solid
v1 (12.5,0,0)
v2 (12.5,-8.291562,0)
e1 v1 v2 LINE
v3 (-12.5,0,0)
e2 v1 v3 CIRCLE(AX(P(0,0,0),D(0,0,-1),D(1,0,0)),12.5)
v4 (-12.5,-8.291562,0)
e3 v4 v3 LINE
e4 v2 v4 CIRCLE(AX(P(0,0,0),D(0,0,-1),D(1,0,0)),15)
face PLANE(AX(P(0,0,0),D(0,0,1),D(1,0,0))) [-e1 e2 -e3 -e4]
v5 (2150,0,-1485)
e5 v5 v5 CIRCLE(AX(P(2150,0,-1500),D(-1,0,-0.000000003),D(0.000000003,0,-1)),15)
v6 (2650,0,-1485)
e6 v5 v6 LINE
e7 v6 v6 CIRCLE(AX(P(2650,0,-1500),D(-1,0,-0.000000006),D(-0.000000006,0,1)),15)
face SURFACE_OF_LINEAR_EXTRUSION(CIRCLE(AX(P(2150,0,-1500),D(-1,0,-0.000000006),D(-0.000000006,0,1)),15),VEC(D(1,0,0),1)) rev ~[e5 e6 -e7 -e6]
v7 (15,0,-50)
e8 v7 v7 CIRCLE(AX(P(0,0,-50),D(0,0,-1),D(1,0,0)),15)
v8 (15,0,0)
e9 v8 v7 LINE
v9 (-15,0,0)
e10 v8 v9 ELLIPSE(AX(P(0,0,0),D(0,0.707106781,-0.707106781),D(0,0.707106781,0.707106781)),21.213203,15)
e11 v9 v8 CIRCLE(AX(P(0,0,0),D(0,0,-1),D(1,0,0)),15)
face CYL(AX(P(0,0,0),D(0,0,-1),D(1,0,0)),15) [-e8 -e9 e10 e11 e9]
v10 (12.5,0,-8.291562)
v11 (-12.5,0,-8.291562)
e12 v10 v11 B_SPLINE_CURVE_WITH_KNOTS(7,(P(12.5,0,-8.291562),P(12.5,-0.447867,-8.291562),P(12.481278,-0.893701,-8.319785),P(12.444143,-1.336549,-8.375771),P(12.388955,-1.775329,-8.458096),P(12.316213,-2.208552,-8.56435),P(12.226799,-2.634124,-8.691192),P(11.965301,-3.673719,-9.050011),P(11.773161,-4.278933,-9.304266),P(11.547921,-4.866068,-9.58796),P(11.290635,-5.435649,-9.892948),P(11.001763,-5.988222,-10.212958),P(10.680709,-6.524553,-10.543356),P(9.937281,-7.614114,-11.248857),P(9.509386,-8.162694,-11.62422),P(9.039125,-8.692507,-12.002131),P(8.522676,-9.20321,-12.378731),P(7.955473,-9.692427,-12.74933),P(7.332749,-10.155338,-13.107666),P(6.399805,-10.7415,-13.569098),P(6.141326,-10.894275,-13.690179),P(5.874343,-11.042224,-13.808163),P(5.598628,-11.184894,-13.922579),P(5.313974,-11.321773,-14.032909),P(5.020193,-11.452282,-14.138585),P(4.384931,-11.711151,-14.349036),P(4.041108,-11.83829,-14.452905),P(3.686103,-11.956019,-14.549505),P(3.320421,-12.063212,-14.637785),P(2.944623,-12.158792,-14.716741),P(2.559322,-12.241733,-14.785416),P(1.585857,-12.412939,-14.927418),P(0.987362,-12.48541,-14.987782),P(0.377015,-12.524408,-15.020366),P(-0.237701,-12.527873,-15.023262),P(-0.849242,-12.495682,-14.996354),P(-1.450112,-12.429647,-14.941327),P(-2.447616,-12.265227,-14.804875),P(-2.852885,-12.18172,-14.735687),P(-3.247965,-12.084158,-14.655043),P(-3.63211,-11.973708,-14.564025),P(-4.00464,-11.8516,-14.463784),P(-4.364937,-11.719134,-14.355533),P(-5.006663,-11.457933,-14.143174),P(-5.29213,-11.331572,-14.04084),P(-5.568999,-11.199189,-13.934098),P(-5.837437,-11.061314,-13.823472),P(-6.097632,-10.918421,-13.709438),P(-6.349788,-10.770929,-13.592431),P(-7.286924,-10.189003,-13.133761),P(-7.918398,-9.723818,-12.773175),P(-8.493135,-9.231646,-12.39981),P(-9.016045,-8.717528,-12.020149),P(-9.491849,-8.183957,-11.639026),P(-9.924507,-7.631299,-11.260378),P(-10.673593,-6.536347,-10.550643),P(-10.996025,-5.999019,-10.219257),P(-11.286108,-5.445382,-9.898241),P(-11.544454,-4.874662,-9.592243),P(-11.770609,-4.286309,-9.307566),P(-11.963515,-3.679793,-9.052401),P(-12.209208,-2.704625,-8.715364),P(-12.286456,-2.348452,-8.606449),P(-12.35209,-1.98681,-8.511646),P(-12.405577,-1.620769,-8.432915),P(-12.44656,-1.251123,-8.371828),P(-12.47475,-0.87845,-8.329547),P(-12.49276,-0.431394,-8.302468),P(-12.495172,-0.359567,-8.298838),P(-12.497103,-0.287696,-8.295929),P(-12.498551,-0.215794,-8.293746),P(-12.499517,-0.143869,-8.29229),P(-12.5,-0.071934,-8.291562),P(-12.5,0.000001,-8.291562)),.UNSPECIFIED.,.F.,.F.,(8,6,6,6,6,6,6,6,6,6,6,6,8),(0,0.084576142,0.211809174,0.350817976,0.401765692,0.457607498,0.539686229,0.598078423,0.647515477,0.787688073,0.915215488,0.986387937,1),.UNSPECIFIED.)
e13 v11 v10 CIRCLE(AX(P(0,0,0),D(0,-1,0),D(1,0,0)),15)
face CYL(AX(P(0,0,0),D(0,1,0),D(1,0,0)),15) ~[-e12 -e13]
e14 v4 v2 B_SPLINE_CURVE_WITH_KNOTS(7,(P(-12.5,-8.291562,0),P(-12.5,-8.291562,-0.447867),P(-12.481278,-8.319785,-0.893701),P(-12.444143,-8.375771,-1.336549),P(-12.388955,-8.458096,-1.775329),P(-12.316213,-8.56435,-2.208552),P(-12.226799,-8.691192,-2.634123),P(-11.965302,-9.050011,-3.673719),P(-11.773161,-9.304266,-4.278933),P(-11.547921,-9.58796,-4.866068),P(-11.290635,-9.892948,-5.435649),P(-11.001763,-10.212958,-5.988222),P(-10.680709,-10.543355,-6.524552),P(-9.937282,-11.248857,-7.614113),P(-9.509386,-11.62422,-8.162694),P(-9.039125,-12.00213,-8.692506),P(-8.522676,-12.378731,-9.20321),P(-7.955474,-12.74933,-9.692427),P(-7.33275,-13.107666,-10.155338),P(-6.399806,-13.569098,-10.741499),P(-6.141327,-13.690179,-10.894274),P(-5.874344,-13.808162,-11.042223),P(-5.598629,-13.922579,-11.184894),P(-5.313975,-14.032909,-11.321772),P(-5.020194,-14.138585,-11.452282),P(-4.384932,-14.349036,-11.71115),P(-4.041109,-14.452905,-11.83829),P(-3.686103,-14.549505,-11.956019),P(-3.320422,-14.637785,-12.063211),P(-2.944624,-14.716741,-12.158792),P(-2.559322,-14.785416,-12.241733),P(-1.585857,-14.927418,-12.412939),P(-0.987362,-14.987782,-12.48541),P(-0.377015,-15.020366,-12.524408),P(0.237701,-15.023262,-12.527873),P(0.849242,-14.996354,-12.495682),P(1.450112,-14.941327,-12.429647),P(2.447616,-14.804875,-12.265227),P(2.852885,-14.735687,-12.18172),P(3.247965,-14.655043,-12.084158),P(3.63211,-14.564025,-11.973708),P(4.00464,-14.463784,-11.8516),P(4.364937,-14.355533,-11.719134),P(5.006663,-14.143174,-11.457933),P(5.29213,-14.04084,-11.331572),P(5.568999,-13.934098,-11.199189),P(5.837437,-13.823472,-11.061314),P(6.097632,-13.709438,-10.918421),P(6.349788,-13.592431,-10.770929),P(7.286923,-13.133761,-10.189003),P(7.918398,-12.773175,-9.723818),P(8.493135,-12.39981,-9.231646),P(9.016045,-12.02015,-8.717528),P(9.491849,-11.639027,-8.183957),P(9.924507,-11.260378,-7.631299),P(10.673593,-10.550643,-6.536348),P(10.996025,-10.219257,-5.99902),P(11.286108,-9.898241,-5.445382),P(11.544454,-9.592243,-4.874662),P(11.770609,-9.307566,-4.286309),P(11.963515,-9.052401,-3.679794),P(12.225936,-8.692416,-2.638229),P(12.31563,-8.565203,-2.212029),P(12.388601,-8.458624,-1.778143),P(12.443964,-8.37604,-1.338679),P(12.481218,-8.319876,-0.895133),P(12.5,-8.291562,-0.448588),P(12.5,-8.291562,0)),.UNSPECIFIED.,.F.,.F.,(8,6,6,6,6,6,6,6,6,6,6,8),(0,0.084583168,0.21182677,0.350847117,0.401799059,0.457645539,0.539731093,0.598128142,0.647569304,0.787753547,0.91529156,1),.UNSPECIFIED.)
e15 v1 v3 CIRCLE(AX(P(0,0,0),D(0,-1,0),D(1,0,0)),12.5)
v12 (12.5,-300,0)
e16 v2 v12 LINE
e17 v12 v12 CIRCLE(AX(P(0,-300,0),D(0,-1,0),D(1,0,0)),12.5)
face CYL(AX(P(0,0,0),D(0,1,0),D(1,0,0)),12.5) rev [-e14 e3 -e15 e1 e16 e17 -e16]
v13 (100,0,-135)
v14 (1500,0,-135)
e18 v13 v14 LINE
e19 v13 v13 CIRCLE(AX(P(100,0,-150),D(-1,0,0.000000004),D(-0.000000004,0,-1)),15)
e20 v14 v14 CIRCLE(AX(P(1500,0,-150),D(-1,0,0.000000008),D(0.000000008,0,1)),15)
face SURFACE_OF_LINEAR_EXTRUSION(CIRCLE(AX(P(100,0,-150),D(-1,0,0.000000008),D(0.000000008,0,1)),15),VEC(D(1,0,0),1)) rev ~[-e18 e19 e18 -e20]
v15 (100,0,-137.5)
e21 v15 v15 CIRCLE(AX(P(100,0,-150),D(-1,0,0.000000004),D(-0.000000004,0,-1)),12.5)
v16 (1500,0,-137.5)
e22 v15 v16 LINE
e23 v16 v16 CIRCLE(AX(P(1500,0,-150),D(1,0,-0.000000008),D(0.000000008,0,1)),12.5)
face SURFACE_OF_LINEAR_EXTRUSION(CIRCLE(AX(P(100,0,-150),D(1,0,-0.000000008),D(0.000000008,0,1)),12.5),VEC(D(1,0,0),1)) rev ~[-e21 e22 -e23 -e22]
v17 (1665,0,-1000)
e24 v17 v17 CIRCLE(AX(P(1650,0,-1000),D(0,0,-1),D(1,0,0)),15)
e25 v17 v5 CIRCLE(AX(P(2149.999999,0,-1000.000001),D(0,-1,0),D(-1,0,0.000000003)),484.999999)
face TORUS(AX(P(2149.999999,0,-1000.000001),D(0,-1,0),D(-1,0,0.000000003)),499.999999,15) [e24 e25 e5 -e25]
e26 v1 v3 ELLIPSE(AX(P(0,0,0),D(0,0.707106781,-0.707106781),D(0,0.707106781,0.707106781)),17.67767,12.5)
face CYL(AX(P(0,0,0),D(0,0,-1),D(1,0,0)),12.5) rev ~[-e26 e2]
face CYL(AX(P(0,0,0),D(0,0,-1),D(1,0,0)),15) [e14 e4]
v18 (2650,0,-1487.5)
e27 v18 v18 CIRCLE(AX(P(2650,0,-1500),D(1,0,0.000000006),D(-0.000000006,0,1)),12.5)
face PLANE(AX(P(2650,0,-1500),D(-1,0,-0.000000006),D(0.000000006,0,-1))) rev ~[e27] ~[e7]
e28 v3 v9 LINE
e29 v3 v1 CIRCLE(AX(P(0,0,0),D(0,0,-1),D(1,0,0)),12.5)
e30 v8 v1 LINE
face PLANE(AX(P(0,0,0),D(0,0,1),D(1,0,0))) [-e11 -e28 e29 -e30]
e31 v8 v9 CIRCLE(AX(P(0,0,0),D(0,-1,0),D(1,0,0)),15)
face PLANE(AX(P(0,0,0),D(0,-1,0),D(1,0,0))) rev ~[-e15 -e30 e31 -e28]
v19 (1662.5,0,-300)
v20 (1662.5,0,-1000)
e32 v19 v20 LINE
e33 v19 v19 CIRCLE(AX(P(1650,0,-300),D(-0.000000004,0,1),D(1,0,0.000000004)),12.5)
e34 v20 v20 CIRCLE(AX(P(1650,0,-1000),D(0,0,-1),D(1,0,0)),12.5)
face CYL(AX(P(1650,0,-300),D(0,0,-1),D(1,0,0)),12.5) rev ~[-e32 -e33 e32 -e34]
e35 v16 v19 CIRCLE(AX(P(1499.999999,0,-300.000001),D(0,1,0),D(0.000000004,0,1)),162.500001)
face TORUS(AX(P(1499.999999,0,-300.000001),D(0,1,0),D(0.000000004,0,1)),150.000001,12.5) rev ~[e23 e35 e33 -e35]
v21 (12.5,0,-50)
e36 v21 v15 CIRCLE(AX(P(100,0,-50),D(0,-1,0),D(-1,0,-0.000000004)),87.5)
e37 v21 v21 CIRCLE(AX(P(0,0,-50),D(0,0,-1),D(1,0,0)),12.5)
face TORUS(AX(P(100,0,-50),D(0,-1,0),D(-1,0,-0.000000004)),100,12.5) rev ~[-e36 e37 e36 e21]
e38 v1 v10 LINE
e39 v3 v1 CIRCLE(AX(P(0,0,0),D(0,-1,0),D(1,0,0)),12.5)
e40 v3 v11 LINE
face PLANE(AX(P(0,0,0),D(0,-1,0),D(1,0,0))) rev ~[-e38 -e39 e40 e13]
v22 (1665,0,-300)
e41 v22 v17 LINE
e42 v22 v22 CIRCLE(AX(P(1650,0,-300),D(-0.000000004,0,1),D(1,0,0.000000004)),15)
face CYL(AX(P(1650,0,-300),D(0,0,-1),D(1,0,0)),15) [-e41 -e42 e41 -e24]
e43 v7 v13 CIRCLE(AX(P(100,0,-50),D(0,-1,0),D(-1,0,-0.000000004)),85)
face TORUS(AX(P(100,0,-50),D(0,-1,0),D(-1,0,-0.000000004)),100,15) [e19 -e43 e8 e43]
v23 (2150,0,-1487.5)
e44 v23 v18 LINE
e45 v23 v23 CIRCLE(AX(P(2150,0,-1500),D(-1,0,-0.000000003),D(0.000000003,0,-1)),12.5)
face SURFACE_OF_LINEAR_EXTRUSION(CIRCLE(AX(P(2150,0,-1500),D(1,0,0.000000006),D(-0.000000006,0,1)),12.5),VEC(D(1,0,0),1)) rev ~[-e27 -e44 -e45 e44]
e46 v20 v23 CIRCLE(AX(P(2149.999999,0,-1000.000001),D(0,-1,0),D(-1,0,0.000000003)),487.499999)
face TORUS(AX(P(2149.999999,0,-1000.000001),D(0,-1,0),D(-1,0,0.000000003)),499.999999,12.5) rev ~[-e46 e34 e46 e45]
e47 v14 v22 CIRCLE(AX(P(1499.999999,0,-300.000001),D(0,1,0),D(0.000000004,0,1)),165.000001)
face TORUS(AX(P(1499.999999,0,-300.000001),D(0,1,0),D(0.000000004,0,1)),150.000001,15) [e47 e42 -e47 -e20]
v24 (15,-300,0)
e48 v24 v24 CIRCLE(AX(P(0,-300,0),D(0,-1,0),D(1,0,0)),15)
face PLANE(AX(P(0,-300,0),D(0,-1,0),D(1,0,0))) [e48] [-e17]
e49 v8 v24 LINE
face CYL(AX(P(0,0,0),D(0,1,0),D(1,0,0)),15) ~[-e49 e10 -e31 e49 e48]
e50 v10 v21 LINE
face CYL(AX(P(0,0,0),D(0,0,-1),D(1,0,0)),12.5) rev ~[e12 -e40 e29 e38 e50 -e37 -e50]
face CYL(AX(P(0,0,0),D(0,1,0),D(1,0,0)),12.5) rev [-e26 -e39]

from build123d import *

# Parameters (mm, degrees)
F0_R     = 15
F0_R_2   = 12.5
F1_DEPTH = 300
F2_R     = 15
F2_R_2   = 12.5


with BuildPart() as f1:
    # F0 (on Front) → F1 (new body)
    with BuildSketch(Plane.XZ):
        Circle(F0_R)
        Circle(F0_R_2, mode=Mode.SUBTRACT)
    extrude(amount=F1_DEPTH)

    # F4: sweep along a path in F3
    with BuildLine(Plane.XZ) as f4_path:
        Line((0, 0), (0, -50))
        ThreePointArc((0, -50), (29.289322, -120.710678), (100, -150))
        Line((100, -150), (1500, -150))
        ThreePointArc((1500, -150), (1606.066017, -193.933983), (1650, -300))
        Line((1650, -300), (1650, -1000))
        ThreePointArc((1650, -1000), (1796.446609, -1353.553391), (2150, -1500))
        Line((2150, -1500), (2650, -1500))
    # F2 (on Top) → F4 (sweep)
    with BuildSketch(Plane.XY):
        Circle(F2_R)
        Circle(F2_R_2, mode=Mode.SUBTRACT)
    sweep(path=f4_path.line)


solid = f1.part
